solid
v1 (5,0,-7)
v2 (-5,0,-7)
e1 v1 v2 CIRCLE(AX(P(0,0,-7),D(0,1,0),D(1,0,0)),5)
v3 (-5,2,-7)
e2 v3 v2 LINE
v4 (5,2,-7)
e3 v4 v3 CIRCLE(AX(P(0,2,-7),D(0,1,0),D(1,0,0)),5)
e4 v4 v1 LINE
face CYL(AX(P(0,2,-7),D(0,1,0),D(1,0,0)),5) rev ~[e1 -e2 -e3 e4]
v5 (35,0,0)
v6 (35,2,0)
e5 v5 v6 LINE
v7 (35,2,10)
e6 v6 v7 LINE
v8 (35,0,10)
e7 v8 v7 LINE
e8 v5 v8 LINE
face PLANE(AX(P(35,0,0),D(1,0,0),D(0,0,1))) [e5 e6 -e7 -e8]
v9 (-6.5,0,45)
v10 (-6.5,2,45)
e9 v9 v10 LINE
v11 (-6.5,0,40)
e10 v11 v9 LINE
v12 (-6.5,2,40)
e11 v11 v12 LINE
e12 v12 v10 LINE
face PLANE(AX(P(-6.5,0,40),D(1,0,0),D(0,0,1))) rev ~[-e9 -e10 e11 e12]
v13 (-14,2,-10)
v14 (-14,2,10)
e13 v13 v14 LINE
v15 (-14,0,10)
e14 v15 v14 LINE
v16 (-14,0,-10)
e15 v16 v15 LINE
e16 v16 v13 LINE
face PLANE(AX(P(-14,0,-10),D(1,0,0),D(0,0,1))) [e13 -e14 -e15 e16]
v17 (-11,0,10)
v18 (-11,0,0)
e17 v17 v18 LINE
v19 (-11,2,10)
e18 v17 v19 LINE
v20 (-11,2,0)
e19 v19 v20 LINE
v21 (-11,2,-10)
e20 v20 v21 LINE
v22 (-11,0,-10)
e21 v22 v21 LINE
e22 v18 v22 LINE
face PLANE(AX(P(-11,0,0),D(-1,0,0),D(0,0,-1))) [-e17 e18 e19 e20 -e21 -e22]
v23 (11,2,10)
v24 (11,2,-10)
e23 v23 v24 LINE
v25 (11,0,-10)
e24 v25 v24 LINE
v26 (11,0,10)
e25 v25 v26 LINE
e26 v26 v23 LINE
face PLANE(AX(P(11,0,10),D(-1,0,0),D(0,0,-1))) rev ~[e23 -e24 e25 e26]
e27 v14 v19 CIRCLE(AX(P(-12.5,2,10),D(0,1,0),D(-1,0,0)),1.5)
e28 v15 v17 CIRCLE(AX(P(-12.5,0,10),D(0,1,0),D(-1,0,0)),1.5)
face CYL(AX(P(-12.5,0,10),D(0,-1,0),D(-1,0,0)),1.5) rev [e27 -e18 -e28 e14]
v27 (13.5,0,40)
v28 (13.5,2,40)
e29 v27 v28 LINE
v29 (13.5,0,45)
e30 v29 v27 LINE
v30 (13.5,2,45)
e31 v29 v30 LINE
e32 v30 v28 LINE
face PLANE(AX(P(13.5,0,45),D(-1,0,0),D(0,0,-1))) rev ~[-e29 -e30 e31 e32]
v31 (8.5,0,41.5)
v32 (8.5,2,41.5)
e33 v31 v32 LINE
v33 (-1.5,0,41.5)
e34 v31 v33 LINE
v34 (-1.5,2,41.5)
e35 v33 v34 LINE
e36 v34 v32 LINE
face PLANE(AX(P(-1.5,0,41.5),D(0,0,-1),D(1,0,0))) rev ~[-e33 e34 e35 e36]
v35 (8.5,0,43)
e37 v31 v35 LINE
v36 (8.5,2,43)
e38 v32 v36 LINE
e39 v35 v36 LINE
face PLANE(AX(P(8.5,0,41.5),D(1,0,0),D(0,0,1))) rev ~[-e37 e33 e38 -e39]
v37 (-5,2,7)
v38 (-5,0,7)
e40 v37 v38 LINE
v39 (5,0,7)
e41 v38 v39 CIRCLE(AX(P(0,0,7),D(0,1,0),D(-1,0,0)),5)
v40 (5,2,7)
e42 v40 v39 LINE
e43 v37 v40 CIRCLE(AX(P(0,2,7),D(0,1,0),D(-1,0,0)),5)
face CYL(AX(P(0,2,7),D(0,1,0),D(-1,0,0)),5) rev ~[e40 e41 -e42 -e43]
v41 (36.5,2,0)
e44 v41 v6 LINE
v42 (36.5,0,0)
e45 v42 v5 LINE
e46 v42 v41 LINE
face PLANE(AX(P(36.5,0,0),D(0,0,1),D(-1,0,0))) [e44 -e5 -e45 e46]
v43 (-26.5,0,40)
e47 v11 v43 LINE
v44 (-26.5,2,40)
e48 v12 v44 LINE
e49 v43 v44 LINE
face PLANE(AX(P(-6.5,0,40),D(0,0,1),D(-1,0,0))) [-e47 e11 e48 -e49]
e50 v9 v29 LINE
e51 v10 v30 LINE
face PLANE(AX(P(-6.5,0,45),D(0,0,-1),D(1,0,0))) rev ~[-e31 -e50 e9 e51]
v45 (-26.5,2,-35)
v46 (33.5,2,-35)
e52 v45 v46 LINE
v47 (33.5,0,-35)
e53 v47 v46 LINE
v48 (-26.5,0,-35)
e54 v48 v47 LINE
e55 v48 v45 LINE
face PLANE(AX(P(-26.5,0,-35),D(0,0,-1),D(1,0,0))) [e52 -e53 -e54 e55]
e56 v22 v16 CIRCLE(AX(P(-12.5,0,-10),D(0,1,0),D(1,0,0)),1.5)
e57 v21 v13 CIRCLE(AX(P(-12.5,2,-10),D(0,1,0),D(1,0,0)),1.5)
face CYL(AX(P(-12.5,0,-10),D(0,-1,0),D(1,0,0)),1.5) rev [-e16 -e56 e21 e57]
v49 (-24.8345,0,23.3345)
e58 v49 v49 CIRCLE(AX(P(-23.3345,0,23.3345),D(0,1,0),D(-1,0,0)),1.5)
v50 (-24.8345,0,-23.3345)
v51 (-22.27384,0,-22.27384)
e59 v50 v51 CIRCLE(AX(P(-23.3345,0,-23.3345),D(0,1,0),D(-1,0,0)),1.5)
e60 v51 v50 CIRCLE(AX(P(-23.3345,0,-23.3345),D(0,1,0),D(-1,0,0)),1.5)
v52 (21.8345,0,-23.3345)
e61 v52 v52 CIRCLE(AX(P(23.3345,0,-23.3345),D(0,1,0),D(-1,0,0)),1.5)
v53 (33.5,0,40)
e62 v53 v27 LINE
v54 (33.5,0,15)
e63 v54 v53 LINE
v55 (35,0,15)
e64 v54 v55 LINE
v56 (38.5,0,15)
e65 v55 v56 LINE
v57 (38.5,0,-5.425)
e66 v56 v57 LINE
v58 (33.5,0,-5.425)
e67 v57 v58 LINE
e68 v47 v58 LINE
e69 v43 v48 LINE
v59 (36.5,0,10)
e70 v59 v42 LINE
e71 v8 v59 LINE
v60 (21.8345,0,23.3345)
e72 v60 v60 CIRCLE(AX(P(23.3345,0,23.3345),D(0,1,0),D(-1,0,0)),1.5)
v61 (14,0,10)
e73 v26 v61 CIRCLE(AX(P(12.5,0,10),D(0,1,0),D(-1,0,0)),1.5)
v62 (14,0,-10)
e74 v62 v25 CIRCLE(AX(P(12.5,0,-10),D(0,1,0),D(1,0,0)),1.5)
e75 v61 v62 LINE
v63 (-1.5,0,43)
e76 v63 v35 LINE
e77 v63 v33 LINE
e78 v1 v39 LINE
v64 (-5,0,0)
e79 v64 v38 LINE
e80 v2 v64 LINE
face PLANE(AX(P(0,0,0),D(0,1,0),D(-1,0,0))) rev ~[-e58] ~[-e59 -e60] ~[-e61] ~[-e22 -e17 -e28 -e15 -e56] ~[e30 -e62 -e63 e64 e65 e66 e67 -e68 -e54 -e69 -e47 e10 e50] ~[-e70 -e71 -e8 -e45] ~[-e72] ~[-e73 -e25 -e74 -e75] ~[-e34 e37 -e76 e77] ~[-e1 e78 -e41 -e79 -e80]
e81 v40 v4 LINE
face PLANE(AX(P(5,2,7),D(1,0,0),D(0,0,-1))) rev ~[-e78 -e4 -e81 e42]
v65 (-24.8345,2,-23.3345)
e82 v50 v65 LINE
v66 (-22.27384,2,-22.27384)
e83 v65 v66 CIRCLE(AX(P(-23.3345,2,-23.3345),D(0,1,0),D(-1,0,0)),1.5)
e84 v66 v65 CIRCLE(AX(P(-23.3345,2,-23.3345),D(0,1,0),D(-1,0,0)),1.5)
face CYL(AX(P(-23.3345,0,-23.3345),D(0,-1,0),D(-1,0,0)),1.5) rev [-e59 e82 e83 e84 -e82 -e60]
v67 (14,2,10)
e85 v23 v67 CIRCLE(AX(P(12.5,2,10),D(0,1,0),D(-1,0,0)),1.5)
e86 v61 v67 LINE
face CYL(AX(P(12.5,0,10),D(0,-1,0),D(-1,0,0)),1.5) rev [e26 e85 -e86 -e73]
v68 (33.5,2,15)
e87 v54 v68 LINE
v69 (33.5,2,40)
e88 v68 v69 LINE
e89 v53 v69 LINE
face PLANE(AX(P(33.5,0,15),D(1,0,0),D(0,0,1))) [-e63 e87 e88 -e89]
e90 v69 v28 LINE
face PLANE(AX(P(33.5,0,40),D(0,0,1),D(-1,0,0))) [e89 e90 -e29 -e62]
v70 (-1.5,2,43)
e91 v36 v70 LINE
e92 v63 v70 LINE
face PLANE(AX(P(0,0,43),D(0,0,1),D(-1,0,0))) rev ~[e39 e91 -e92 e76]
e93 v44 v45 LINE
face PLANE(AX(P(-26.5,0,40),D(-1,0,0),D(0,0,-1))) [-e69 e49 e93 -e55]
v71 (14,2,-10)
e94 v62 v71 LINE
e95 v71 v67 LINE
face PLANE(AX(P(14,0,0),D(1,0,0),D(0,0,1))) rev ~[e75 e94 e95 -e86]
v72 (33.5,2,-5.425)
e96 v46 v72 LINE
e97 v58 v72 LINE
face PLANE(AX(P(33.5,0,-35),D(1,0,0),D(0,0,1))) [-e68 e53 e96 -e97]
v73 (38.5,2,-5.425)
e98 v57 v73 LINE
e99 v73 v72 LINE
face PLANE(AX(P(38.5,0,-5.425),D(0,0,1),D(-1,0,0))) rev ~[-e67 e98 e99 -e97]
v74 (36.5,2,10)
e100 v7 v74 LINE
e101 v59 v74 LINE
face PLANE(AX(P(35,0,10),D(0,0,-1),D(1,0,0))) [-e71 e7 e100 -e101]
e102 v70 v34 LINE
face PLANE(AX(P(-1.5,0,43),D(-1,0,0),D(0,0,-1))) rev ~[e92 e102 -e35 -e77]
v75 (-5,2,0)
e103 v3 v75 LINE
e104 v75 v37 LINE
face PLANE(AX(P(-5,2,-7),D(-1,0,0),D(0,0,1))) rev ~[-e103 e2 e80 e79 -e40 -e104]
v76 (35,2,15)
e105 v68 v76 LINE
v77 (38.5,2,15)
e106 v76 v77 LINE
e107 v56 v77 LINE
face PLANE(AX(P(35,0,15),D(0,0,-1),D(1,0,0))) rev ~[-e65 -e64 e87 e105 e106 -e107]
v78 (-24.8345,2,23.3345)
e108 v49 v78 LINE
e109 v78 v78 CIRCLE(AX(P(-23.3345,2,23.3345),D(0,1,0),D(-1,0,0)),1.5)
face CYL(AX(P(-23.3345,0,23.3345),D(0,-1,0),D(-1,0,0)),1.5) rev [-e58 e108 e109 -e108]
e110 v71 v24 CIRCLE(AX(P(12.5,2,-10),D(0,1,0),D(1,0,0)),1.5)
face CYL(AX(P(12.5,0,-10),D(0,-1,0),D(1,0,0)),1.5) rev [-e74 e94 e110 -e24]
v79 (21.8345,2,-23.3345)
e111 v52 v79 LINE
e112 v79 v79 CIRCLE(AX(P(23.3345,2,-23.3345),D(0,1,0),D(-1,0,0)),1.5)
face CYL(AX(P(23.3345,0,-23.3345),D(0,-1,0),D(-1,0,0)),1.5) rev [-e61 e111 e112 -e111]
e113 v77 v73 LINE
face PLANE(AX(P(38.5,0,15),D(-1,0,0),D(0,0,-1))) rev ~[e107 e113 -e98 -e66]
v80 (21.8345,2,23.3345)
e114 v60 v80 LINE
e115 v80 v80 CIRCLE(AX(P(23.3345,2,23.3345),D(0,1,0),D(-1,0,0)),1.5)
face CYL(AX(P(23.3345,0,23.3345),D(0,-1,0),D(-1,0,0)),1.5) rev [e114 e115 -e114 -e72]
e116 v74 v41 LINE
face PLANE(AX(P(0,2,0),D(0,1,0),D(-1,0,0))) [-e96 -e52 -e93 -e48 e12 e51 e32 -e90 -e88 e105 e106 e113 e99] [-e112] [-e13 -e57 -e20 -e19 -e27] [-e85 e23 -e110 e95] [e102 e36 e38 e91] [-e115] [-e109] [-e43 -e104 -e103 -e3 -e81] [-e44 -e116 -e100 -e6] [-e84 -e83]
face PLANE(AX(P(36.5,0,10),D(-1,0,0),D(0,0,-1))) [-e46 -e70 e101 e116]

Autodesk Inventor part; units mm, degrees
ref_plane "YZ Plane" through (0, 0, 0) normal (1, 0, 0) x (0, 1, 0)
ref_plane "XZ Plane" through (0, 0, 0) normal (0, 1, 0) x (-1, 0, 0)
ref_plane "XY Plane" through (0, 0, 0) normal (0, 0, 1) x (1, 0, 0)
sketch "Sketch1" plane through (0, 0, 0) normal (0, 1, 0) x (-1, 0, 0)
  circle A0 centre (0, 0) radius 5
  line L0 (0, 0) -> (12.5, 0)
  line L1 (12.5, 10) -> (12.5, -10) construction
  line L2 (11, 10) -> (11, -10)
  line L3 (14, -10) -> (14, 10)
  arc A1 (14, 10) -> (11, 10) centre (12.5, 10) ccw
  arc A2 (11, -10) -> (14, -10) centre (12.5, -10) ccw
  circle A3 centre (0, 0) radius 24
  line L4 (0, 0) -> (-33.5, 0)
  line L5 (0, 0) -> (0, 43.5)
  line L6 (-33.5, 0) -> (-33.5, 40)
  line L7 (-33.5, 40) -> (26.5, 40)
  line L8 (26.5, 40) -> (26.5, -35)
  line L9 (26.5, -35) -> (-33.5, -35)
  line L10 (-33.5, -35) -> (-33.5, 0)
  line L11 (-33.5, 40) -> (-13.5, 40)
  line L12 (-13.5, 40) -> (6.5, 40)
  line L13 (6.5, 40) -> (6.5, 45)
  line L14 (6.5, 45) -> (-13.5, 45)
  line L15 (-13.5, 45) -> (-13.5, 40)
  line L16 (-33.5, 40) -> (-33.5, 15)
  line L17 (-33.5, 15) -> (-38.5, 15)
  line L18 (-38.5, 15) -> (-38.5, -5.425)
  line L19 (-38.5, -5.425) -> (-33.5, -5.425)
  line L20 (-33.5, -5.425) -> (-33.5, 15)
  line L21 (-33.5, 15) -> (-35, 15)
  line L22 (-35, 15) -> (-35, 10)
  line L23 (-35, 10) -> (-36.5, 10)
  line L24 (-36.5, 10) -> (-36.5, 0)
  line L25 (-36.5, 0) -> (-35, 0)
  line L26 (-35, 0) -> (-35, 10)
  line L27 (6.5, 40) -> (1.5, 40)
  line L28 (1.5, 40) -> (1.5, 41.5)
  line L29 (1.5, 41.5) -> (-8.5, 41.5)
  line L30 (-8.5, 41.5) -> (-8.5, 43)
  line L31 (-8.5, 43) -> (1.5, 43)
  line L32 (1.5, 43) -> (1.5, 41.5)
  line L33 (0, 0) -> (23.3345, -23.3345)
  line L34 (0, 0) -> (33, 0) construction
  circle A4 centre (23.3345, -23.3345) radius 1.5
  circle A5 centre (23.3345, 23.3345) radius 1.5
  circle A6 centre (-23.3345, 23.3345) radius 1.5
  circle A7 centre (-23.3345, -23.3345) radius 1.5
  line L35 (-11, 10) -> (-11, -10)
  line L36 (-14, -10) -> (-14, 10)
  arc A8 (-11, 10) -> (-14, 10) centre (-12.5, 10) ccw
  arc A9 (-14, -10) -> (-11, -10) centre (-12.5, -10) ccw
  point P0 (6.5, 40)
  dimension "d0" = 10
  dimension "d1" = 12.5
  dimension "d2" = 10
  dimension "d3" = 3
  dimension "d6" = 48
  dimension "d7" = 33.5
  dimension "d8" = 43.5
  dimension "d9" = 60
  dimension "d10" = 75
  dimension "d11" = 20
  dimension "d12" = 20
  dimension "d13" = 5
  dimension "d14" = 25
  dimension "d15" = 5
  dimension "d16" = 1.5
  dimension "d17" = 5
  dimension "d18" = 1.5
  dimension "d19" = 10
  dimension "d20" = 5
  dimension "d21" = 1.5
  dimension "d22" = 10
  dimension "d23" = 1.5
  dimension "d24" = 33
  dimension "d25" = 45
  dimension "d26" = 3
  dimension "d29" = 360
extrude "Extrusion1" add sketch "Sketch1" along normal blind 2 contours A0 L5 A3 L33 | A0 L4 L35 A8 L36 A3 L5 | L33 A3 L4 L36 A9 L35 A0 | L5 L7 L8 L9 L10 L4 A3 | A3 L4 L6 L7 L5 | L7 L15 L14 L13 L28 L32 L31 L30 L29 L5 | L5 L29 L28 L7 | L26 L25 L24 L23 | L10 L19 L18 L17 L6
extrude "Extrusion2" cut sketch "Sketch1" along normal blind 2 contours L26 L25 L24 L23
sketch "Sketch2" plane through (0, 2, 0) normal (0, 1, 0) x (1, 0, 0)
  line L0 (0, -7) -> (0, 7) construction
  line L1 (5, -7) -> (5, 7)
  line L2 (-5, 7) -> (-5, -7)
  arc A0 (-5, -7) -> (5, -7) centre (0, -7) ccw
  arc A1 (5, 7) -> (-5, 7) centre (0, 7) ccw
  point P0 (0, 0)
  dimension "d35" = 7
  dimension "d36" = 10
extrude "Extrusion3" cut sketch "Sketch2" against normal blind 10
properties part number "mount"
